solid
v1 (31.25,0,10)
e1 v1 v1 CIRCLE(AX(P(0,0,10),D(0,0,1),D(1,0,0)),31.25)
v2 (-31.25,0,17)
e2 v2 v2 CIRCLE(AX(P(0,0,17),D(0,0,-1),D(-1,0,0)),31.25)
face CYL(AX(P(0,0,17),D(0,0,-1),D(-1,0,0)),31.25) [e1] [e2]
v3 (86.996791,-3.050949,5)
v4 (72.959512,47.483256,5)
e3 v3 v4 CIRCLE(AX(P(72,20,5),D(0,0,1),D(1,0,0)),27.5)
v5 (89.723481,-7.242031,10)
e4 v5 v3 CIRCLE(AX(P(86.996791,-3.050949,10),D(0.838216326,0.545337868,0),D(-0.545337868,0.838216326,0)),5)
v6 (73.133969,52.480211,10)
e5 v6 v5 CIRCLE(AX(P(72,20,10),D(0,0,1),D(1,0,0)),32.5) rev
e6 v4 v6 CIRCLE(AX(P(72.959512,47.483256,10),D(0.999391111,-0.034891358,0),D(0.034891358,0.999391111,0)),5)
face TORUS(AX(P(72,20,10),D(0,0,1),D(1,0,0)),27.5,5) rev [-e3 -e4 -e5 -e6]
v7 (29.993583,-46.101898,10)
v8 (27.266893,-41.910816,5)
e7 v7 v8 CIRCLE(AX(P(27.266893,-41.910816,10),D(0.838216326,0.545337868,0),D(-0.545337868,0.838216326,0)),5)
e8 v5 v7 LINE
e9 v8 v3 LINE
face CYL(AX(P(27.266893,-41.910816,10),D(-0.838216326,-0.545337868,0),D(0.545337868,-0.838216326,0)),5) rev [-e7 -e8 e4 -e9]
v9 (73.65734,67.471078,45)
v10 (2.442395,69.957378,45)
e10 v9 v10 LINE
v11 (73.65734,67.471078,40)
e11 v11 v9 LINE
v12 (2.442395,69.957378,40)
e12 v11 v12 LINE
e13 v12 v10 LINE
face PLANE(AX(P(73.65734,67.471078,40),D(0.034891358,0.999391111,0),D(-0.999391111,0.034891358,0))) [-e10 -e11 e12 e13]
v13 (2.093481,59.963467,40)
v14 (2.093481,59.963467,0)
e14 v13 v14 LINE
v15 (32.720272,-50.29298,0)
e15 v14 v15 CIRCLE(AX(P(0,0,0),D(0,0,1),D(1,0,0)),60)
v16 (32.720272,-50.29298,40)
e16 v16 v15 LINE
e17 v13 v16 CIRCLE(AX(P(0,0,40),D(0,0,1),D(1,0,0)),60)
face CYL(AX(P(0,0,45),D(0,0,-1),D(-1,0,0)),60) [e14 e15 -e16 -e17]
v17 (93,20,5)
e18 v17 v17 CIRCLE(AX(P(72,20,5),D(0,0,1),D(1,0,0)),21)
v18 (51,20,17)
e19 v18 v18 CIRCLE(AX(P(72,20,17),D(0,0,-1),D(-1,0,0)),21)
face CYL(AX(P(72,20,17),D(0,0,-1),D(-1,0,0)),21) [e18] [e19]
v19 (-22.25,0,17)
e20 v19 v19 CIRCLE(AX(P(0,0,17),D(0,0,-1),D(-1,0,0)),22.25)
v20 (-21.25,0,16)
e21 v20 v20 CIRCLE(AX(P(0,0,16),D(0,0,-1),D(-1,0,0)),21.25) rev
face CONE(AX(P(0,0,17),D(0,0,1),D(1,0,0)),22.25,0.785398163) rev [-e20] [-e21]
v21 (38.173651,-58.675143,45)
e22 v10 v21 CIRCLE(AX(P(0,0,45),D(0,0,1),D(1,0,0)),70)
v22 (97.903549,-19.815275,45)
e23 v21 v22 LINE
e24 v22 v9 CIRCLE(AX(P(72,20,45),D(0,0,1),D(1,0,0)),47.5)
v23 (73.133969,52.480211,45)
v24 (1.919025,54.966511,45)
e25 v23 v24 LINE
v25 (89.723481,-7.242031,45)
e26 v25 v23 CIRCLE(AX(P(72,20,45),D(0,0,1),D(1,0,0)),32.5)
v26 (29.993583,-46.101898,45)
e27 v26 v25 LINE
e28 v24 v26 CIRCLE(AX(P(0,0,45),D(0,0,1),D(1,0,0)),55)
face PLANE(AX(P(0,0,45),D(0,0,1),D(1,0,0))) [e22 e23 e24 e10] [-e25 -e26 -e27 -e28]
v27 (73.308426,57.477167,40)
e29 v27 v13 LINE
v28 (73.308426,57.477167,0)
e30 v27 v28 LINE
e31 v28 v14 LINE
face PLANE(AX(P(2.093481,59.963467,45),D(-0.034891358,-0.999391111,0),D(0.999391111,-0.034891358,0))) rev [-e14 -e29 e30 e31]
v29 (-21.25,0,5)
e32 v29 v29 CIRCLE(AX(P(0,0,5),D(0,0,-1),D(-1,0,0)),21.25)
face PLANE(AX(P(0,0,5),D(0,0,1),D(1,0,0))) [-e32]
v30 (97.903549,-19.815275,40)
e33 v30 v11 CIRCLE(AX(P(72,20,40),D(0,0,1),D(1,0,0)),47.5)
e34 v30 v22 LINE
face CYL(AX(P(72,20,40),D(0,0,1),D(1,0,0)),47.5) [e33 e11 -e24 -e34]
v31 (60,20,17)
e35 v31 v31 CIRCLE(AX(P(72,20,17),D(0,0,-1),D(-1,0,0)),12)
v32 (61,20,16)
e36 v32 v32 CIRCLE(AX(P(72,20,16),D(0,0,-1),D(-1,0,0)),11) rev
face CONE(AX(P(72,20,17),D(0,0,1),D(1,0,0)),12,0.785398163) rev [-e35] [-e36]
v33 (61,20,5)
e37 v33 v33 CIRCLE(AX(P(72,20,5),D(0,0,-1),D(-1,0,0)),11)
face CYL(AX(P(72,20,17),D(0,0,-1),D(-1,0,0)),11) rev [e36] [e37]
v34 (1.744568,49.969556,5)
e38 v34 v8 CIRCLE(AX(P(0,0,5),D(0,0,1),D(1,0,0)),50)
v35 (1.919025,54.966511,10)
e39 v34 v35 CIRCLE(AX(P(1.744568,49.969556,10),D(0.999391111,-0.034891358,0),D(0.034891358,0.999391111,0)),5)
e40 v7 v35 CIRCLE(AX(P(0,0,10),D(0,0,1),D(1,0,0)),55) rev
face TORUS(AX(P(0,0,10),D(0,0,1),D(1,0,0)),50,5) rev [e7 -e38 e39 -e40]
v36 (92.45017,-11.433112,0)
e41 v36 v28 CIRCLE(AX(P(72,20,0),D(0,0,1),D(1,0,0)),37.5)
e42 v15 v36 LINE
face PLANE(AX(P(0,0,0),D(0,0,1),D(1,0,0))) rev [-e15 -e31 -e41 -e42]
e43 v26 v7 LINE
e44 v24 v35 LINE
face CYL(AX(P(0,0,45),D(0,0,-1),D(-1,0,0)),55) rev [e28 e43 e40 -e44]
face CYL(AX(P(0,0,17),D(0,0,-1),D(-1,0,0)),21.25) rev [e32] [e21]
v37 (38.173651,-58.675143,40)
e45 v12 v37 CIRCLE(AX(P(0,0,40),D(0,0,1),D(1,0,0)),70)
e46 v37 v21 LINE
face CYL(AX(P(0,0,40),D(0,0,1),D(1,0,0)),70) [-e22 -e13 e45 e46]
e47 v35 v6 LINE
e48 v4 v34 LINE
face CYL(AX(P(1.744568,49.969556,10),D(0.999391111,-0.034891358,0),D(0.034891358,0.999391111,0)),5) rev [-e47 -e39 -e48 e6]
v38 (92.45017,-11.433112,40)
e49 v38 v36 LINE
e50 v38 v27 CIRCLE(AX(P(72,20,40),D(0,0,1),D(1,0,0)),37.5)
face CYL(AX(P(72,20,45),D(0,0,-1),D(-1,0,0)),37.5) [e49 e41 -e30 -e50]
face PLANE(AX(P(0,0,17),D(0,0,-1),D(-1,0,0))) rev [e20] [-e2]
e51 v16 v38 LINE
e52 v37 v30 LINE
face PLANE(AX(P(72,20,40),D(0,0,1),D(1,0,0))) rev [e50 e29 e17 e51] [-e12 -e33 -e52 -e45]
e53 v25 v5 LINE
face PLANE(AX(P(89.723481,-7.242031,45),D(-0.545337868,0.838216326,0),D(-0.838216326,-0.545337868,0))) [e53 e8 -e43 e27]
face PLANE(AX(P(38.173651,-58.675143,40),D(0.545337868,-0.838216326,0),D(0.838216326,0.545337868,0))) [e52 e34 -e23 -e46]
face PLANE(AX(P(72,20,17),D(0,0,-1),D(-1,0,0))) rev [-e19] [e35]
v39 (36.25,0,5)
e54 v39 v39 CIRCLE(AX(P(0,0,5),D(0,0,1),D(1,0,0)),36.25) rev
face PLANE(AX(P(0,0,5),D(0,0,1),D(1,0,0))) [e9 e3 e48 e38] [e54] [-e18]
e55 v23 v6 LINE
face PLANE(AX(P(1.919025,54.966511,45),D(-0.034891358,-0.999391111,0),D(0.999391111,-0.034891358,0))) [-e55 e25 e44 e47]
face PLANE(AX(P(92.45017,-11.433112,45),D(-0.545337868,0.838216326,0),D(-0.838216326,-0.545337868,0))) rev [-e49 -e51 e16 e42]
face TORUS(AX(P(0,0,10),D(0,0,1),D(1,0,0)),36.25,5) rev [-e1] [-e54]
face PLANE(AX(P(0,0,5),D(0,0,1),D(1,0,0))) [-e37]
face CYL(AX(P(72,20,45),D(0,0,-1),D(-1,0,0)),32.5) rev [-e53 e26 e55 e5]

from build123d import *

# Parameters (mm, degrees)
BOSS_EXTRUDE4_DEPTH = 45
SHELL3_T            = -5
BOSS_EXTRUDE5_START = -5
BOSS_EXTRUDE5_DEPTH = 5
SKETCH10_R          = 31.25
SKETCH10_R_2        = 21.25
SKETCH10_R_3        = 21
SKETCH10_R_4        = 11
BOSS_EXTRUDE6_DEPTH = 12
FILLET2_R           = 5
CHAMFER1_SIZE       = 1


with BuildPart() as part:
    # Sketch8 → Boss-Extrude4 (new body)
    with BuildSketch(Plane.XY):
        with BuildLine():
            Line((2.09348148, 59.963466672), (73.308425925, 57.47716667))
            ThreePointArc((73.308425925, 57.47716667), (108.131921611, 30.036644892), (92.450170063, -11.433112229))
            Line((92.450170063, -11.433112229), (32.720272102, -50.292979566))
            ThreePointArc((32.720272102, -50.292979566), (-57.811074578, -16.058631827), (2.09348148, 59.963466672))
        make_face()
    extrude(amount=BOSS_EXTRUDE4_DEPTH)

    # Shell3
    shell3_openings = [part.faces().sort_by_distance(p)[0] for p in [
        (19.954889275, 5.543024799, 45),
    ]]
    offset(amount=SHELL3_T, openings=shell3_openings, kind=Kind.INTERSECTION)

    # Sketch9 → Boss-Extrude5 (add)
    with BuildSketch(Plane.XY.offset(45).offset(BOSS_EXTRUDE5_START)):
        with BuildLine():
            Line((73.657339505, 67.471077782), (2.44239506, 69.957377784))
            ThreePointArc((2.44239506, 69.957377784), (-67.446253674, -18.735070465), (38.173650785, -58.675142827))
            Line((38.173650785, -58.675142827), (97.903548747, -19.81527549))
            ThreePointArc((97.903548747, -19.81527549), (117.767100707, 32.71308353), (73.657339505, 67.471077782))
        make_face()
        with BuildLine():
            Line((32.720272102, -50.292979566), (92.450170063, -11.433112229))
            ThreePointArc((92.450170063, -11.433112229), (108.131921611, 30.036644892), (73.308425925, 57.47716667))
            Line((73.308425925, 57.47716667), (2.09348148, 59.963466672))
            ThreePointArc((2.09348148, 59.963466672), (-57.811074578, -16.058631827), (32.720272102, -50.292979566))
        make_face(mode=Mode.SUBTRACT)
    extrude(amount=BOSS_EXTRUDE5_DEPTH)

    # Sketch10 → Boss-Extrude6 (add)
    # profile 1 of 2: a face of its own
    with BuildSketch(Plane(origin=(0, 0, 5), x_dir=(-1, 0, 0), z_dir=(0, 0, -1))):
        Circle(SKETCH10_R)
        Circle(SKETCH10_R_2, mode=Mode.SUBTRACT)
    # profile 2 of 2: a face of its own
    with BuildSketch(Plane(origin=(0, 0, 5), x_dir=(-1, 0, 0), z_dir=(0, 0, -1))):
        with Locations((-72, 20)):
            Circle(SKETCH10_R_3)
        with Locations((-72, 20)):
            Circle(SKETCH10_R_4, mode=Mode.SUBTRACT)
    extrude(amount=-BOSS_EXTRUDE6_DEPTH)

    # Fillet2
    fillet2_edges = [part.edges().sort_by_distance(p)[0] for p in [
        (-52.99348503, -14.720412508, 5),
        (59.858531741, -26.671964267, 5),
        (103.314332063, 28.698425573, 5),
        (37.526496913, 53.723361115, 5),
        (31.25, 0, 5),
    ]]
    fillet(fillet2_edges, radius=FILLET2_R)

    # Chamfer1
    chamfer1_edges = [part.edges().sort_by_distance(p)[0] for p in [
        (21.25, 0, 17),
        (83, 20, 17),
    ]]
    chamfer(chamfer1_edges, length=CHAMFER1_SIZE)


solid = part.part
